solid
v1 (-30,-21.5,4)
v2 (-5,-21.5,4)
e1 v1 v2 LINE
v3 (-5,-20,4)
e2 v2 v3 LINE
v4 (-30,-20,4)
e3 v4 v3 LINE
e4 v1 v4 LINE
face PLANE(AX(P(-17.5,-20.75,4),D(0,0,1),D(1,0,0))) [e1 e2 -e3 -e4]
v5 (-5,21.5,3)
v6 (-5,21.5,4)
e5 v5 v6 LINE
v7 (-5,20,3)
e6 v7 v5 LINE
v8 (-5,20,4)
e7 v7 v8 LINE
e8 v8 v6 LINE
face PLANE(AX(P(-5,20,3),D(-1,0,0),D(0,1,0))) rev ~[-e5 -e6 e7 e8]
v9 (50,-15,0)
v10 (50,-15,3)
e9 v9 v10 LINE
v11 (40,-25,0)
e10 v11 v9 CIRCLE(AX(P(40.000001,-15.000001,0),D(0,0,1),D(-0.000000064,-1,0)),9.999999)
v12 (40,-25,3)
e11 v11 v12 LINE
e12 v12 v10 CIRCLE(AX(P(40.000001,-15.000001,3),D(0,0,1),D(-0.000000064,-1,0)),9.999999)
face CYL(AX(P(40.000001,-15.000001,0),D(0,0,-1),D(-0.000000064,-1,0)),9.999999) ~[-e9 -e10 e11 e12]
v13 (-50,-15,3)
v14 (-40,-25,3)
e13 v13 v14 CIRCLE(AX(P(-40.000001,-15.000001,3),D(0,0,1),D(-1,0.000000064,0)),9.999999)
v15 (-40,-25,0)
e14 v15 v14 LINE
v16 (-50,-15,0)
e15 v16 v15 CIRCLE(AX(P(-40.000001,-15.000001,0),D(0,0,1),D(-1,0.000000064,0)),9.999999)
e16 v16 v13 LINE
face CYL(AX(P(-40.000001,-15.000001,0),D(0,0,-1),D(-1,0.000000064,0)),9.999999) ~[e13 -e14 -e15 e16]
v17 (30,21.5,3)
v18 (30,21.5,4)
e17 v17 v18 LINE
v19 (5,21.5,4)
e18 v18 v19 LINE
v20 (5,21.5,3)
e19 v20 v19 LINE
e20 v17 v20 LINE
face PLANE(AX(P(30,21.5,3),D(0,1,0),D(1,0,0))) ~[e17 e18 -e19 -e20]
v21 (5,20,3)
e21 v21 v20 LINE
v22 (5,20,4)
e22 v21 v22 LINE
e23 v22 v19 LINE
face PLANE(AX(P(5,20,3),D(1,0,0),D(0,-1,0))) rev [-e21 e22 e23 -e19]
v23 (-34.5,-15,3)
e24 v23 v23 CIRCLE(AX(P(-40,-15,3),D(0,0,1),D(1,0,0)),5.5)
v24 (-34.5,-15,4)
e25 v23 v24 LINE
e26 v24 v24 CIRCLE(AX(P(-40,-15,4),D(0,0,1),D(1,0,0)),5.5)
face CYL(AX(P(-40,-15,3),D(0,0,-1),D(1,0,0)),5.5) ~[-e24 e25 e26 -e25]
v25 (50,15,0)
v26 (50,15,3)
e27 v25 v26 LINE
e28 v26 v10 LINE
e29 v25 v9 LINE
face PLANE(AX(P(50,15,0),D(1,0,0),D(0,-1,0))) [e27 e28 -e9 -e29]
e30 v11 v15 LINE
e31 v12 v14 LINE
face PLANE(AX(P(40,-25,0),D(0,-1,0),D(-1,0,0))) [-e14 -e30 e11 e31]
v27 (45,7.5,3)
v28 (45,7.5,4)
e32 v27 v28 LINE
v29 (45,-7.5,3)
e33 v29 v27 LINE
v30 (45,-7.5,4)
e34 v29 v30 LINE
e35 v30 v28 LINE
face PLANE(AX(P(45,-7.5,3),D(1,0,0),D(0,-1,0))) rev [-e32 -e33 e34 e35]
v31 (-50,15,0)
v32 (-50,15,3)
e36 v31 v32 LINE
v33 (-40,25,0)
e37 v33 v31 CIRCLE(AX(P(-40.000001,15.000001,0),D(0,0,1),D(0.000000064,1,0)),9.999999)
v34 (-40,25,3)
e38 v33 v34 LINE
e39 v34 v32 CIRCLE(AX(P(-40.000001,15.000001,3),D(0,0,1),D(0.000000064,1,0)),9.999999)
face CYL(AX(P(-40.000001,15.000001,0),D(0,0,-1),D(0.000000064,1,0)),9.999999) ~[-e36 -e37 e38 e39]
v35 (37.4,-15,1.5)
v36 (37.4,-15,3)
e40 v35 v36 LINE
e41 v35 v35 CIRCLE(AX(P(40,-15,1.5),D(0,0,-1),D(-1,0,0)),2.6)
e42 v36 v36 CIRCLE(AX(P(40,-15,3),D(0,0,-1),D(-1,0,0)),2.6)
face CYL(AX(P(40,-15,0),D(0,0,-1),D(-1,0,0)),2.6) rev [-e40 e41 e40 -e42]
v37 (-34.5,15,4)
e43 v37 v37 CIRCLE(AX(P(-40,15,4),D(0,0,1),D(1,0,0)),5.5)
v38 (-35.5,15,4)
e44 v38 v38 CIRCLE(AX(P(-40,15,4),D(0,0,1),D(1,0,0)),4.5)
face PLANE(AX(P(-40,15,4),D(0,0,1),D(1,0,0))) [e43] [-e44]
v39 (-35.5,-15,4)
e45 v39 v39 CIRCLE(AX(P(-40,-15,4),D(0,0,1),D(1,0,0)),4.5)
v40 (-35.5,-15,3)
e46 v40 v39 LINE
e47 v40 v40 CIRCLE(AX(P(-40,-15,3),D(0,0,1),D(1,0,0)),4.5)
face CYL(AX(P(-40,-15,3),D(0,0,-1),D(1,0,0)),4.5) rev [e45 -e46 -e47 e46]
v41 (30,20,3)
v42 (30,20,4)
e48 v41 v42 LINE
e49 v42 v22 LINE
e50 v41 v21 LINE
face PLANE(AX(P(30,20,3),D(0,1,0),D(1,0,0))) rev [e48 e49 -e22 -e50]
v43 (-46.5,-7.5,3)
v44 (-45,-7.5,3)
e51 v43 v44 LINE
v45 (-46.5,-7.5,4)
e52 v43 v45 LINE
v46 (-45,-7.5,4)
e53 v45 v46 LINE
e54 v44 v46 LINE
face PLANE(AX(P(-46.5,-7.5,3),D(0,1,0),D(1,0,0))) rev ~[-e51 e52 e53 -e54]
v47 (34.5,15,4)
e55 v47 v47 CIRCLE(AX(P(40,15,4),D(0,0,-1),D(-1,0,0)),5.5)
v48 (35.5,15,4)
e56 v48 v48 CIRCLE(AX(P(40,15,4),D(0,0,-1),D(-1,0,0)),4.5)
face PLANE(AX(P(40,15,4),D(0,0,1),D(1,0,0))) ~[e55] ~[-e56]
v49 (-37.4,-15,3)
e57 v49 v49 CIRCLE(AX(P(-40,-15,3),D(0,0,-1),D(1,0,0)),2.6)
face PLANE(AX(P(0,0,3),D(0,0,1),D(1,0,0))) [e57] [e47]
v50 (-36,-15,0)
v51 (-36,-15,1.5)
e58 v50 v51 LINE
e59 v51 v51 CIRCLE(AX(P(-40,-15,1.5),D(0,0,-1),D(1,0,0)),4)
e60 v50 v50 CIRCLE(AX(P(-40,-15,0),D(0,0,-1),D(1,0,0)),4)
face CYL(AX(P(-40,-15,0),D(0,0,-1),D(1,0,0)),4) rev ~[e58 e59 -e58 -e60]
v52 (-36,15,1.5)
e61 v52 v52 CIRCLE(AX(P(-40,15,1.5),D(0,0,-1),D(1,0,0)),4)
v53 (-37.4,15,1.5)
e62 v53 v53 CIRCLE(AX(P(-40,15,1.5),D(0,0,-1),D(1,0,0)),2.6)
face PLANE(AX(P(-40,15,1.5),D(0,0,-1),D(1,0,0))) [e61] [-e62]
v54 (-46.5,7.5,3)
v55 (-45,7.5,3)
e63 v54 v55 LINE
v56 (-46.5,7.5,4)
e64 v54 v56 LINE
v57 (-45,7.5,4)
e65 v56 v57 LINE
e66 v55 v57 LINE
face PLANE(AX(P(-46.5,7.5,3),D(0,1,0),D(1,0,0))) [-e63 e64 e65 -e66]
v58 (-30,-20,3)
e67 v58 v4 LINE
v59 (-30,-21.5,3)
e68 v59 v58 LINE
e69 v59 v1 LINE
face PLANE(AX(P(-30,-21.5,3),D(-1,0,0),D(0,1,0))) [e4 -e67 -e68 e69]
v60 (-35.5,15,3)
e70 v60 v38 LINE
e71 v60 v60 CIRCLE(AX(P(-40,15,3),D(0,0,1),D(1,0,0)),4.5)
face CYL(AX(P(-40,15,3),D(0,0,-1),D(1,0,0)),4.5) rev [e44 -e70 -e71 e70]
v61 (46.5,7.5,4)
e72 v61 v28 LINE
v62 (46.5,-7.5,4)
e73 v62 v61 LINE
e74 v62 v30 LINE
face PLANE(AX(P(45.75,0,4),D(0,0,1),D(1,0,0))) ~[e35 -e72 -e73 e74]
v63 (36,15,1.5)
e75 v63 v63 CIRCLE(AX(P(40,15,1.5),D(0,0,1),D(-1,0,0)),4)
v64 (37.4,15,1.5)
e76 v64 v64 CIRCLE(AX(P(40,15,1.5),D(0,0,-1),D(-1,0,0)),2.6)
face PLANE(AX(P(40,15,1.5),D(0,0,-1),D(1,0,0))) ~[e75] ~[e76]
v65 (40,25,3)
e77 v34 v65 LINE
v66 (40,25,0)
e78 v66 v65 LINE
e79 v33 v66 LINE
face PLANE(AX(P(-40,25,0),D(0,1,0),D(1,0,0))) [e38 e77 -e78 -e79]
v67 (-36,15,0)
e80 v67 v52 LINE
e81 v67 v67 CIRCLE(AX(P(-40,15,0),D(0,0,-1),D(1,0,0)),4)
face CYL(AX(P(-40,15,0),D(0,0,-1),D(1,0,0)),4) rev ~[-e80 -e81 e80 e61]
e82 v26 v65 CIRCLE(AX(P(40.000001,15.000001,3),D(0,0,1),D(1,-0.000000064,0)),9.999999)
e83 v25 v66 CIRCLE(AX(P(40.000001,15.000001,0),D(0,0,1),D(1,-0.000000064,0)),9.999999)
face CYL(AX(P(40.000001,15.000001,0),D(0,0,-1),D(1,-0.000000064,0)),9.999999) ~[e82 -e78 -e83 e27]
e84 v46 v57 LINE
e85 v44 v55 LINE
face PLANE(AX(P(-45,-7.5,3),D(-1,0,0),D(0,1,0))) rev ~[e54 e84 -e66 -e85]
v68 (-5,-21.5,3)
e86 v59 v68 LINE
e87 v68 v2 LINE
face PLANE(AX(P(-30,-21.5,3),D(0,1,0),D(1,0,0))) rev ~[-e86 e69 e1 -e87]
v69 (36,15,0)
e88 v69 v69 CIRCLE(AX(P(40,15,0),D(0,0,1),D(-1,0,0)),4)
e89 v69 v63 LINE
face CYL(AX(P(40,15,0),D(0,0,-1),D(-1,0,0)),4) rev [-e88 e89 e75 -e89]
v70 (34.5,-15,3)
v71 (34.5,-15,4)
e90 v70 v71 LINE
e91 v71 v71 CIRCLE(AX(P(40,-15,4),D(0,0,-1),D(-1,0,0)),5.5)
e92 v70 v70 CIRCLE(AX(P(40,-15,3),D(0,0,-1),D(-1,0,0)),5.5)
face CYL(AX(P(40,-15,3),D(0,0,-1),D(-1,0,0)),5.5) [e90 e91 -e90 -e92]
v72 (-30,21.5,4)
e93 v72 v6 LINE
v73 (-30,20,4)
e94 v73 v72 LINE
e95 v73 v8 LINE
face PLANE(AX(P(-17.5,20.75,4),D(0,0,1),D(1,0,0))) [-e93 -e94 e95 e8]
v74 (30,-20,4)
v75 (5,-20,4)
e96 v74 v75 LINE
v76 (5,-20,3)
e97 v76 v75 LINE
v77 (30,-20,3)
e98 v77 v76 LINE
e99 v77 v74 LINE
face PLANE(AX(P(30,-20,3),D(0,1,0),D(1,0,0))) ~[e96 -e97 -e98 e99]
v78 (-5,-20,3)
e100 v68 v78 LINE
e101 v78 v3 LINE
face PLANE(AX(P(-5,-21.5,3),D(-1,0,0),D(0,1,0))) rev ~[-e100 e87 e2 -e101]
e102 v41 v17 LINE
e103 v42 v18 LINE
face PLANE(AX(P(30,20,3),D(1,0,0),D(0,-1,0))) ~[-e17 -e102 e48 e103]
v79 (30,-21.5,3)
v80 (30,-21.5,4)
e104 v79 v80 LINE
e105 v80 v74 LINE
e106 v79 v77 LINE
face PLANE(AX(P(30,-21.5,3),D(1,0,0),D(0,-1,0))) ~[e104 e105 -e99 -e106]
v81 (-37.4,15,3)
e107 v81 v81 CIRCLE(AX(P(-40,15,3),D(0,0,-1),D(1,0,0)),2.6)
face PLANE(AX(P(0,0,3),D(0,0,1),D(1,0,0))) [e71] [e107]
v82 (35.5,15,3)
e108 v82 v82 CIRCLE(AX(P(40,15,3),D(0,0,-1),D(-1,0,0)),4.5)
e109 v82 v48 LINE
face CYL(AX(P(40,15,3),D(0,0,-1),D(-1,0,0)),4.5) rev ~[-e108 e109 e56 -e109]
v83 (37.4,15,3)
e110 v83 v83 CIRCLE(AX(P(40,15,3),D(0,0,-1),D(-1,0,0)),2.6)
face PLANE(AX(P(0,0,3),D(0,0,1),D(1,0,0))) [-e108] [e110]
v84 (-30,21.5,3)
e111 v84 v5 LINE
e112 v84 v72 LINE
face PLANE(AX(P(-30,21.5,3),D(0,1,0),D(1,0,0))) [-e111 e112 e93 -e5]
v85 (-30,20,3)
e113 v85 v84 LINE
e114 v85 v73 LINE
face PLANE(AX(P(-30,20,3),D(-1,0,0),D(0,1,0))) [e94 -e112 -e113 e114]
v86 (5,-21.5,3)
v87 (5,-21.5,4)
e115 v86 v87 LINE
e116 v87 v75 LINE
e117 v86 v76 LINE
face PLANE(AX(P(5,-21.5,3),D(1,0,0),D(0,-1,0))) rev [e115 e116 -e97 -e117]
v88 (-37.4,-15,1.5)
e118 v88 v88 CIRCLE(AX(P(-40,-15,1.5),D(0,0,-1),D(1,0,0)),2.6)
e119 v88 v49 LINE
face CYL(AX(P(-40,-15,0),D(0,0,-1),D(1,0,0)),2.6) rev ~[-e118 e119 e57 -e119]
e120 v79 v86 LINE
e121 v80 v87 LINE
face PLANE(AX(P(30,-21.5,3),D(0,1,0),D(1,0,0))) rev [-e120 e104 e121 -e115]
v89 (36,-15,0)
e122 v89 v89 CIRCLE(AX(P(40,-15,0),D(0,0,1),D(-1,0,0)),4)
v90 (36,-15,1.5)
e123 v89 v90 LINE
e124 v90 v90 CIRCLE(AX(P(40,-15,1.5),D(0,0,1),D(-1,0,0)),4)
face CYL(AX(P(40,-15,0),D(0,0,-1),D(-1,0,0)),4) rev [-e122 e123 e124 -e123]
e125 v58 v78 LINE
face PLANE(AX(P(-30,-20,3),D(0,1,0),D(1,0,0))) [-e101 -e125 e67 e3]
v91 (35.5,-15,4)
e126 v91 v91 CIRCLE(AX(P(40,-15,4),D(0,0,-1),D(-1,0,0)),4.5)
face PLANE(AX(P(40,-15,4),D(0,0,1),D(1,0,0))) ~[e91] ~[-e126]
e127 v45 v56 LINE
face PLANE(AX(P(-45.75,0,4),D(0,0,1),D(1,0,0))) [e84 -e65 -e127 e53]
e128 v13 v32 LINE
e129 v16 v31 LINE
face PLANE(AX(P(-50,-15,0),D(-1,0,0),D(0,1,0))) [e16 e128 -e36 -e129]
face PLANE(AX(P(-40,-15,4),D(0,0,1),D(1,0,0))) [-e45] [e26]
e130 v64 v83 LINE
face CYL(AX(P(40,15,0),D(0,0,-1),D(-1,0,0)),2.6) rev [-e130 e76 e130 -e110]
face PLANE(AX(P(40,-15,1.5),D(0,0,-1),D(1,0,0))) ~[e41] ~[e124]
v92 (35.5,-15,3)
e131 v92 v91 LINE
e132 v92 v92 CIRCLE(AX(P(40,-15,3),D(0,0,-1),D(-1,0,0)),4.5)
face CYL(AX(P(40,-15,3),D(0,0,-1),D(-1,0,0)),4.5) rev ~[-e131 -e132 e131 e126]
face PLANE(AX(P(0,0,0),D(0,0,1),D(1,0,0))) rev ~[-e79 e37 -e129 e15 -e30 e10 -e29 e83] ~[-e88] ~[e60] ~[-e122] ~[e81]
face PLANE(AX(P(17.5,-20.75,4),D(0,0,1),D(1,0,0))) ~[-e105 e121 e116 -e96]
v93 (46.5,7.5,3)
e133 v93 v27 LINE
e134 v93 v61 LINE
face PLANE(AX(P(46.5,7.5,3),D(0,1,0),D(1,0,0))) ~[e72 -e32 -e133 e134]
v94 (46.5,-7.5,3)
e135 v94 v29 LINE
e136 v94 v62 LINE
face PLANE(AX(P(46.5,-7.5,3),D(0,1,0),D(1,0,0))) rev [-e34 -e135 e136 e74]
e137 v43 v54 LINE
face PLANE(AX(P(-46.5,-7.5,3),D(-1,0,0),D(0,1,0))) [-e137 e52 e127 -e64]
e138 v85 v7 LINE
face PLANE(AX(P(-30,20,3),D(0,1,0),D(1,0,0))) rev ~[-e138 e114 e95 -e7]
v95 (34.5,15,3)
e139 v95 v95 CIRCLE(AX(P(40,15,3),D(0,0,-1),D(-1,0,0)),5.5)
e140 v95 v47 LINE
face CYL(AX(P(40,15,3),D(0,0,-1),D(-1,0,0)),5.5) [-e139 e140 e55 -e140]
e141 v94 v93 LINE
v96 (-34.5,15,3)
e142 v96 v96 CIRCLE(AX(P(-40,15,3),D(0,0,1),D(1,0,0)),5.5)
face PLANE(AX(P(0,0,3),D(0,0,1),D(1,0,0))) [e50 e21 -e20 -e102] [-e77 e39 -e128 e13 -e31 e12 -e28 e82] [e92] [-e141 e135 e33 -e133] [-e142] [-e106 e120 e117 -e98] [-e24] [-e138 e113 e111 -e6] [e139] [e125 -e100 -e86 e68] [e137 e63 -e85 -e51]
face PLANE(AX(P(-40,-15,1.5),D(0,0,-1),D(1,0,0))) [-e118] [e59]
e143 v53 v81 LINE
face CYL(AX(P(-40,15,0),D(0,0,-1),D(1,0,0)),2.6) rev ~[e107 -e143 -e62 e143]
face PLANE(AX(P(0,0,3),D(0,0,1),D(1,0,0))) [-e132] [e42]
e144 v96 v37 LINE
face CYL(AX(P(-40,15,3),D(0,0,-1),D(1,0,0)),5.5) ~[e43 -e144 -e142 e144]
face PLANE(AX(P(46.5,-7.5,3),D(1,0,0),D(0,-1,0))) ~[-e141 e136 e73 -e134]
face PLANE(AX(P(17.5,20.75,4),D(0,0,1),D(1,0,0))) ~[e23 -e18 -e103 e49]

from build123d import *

# Parameters (mm, degrees)
PAD_DEPTH       = 3
SKETCH001_R     = 5.5
SKETCH001_R_2   = 4.5
SKETCH001_W     = 25
SKETCH001_H     = 1.5
SKETCH001_W_2   = 1.5
SKETCH001_H_2   = 15
PAD001_DEPTH    = 1
SKETCH002_R     = 2.6
POCKET_DEPTH    = 227.75086
SKETCH003_R     = 4
POCKET001_DEPTH = 1.5


with BuildPart() as part:
    # Sketch → Pad (new body)
    with BuildSketch(Plane.XY):
        with BuildLine():
            ThreePointArc((-40, 25), (-47.071068, 22.071068), (-50, 15))
            Line((-50, -15), (-50, 15))
            ThreePointArc((-50, -15), (-47.071068, -22.071068), (-40, -25))
            Line((40, -25), (-40, -25))
            ThreePointArc((40, -25), (47.071068, -22.071068), (50, -15))
            Line((50, 15), (50, -15))
            ThreePointArc((50, 15), (47.071068, 22.071068), (40, 25))
            Line((-40, 25), (40, 25))
        make_face()
    extrude(amount=PAD_DEPTH)

    # Sketch001 (on Face10 of Pad) → Pad001 (join)
    with BuildSketch(Plane.XY.offset(3)):
        with Locations((-40, 15)):
            Circle(SKETCH001_R)
        with Locations((-40, 15)):
            Circle(SKETCH001_R_2, mode=Mode.SUBTRACT)
        with Locations((-40, -15)):
            Circle(SKETCH001_R)
        with Locations((-40, -15)):
            Circle(SKETCH001_R_2, mode=Mode.SUBTRACT)
        with Locations((-17.5, 20.75)):
            Rectangle(SKETCH001_W, SKETCH001_H)
        with Locations((-17.5, -20.75)):
            Rectangle(SKETCH001_W, SKETCH001_H)
        with Locations((-45.75, 0)):
            Rectangle(SKETCH001_W_2, SKETCH001_H_2)
    pad001 = extrude(amount=PAD001_DEPTH)

    # Sketch002 (on Face4 of Pad001) → Pocket (cut, through all)
    with BuildSketch(Plane(origin=(0, 0, 0), x_dir=(1, 0, 0), z_dir=(0, 0, -1))):
        with Locations((-40, 15)):
            Circle(SKETCH002_R)
        with Locations((-40, -15)):
            Circle(SKETCH002_R)
    pocket = extrude(amount=-POCKET_DEPTH, mode=Mode.SUBTRACT)

    # Sketch003 (on Face4 of Pocket) → Pocket001 (cut)
    with BuildSketch(Plane(origin=(0, 0, 0), x_dir=(1, 0, 0), z_dir=(0, 0, -1))):
        with Locations((-40, 15)):
            Circle(SKETCH003_R)
        with Locations((-40, -15)):
            Circle(SKETCH003_R)
    pocket001 = extrude(amount=-POCKET001_DEPTH, mode=Mode.SUBTRACT)

    # Mirrored: Pad001, Pocket, Pocket001 across Sketch001 V_Axis
    add(pad001.mirror(Plane(origin=(0, 0, 3), x_dir=(0, 0, 1), z_dir=(1, 0, 0))))
    add(pocket.mirror(Plane(origin=(0, 0, 3), x_dir=(0, 0, 1), z_dir=(1, 0, 0))), mode=Mode.SUBTRACT)
    add(pocket001.mirror(Plane(origin=(0, 0, 3), x_dir=(0, 0, 1), z_dir=(1, 0, 0))), mode=Mode.SUBTRACT)


solid = part.part
